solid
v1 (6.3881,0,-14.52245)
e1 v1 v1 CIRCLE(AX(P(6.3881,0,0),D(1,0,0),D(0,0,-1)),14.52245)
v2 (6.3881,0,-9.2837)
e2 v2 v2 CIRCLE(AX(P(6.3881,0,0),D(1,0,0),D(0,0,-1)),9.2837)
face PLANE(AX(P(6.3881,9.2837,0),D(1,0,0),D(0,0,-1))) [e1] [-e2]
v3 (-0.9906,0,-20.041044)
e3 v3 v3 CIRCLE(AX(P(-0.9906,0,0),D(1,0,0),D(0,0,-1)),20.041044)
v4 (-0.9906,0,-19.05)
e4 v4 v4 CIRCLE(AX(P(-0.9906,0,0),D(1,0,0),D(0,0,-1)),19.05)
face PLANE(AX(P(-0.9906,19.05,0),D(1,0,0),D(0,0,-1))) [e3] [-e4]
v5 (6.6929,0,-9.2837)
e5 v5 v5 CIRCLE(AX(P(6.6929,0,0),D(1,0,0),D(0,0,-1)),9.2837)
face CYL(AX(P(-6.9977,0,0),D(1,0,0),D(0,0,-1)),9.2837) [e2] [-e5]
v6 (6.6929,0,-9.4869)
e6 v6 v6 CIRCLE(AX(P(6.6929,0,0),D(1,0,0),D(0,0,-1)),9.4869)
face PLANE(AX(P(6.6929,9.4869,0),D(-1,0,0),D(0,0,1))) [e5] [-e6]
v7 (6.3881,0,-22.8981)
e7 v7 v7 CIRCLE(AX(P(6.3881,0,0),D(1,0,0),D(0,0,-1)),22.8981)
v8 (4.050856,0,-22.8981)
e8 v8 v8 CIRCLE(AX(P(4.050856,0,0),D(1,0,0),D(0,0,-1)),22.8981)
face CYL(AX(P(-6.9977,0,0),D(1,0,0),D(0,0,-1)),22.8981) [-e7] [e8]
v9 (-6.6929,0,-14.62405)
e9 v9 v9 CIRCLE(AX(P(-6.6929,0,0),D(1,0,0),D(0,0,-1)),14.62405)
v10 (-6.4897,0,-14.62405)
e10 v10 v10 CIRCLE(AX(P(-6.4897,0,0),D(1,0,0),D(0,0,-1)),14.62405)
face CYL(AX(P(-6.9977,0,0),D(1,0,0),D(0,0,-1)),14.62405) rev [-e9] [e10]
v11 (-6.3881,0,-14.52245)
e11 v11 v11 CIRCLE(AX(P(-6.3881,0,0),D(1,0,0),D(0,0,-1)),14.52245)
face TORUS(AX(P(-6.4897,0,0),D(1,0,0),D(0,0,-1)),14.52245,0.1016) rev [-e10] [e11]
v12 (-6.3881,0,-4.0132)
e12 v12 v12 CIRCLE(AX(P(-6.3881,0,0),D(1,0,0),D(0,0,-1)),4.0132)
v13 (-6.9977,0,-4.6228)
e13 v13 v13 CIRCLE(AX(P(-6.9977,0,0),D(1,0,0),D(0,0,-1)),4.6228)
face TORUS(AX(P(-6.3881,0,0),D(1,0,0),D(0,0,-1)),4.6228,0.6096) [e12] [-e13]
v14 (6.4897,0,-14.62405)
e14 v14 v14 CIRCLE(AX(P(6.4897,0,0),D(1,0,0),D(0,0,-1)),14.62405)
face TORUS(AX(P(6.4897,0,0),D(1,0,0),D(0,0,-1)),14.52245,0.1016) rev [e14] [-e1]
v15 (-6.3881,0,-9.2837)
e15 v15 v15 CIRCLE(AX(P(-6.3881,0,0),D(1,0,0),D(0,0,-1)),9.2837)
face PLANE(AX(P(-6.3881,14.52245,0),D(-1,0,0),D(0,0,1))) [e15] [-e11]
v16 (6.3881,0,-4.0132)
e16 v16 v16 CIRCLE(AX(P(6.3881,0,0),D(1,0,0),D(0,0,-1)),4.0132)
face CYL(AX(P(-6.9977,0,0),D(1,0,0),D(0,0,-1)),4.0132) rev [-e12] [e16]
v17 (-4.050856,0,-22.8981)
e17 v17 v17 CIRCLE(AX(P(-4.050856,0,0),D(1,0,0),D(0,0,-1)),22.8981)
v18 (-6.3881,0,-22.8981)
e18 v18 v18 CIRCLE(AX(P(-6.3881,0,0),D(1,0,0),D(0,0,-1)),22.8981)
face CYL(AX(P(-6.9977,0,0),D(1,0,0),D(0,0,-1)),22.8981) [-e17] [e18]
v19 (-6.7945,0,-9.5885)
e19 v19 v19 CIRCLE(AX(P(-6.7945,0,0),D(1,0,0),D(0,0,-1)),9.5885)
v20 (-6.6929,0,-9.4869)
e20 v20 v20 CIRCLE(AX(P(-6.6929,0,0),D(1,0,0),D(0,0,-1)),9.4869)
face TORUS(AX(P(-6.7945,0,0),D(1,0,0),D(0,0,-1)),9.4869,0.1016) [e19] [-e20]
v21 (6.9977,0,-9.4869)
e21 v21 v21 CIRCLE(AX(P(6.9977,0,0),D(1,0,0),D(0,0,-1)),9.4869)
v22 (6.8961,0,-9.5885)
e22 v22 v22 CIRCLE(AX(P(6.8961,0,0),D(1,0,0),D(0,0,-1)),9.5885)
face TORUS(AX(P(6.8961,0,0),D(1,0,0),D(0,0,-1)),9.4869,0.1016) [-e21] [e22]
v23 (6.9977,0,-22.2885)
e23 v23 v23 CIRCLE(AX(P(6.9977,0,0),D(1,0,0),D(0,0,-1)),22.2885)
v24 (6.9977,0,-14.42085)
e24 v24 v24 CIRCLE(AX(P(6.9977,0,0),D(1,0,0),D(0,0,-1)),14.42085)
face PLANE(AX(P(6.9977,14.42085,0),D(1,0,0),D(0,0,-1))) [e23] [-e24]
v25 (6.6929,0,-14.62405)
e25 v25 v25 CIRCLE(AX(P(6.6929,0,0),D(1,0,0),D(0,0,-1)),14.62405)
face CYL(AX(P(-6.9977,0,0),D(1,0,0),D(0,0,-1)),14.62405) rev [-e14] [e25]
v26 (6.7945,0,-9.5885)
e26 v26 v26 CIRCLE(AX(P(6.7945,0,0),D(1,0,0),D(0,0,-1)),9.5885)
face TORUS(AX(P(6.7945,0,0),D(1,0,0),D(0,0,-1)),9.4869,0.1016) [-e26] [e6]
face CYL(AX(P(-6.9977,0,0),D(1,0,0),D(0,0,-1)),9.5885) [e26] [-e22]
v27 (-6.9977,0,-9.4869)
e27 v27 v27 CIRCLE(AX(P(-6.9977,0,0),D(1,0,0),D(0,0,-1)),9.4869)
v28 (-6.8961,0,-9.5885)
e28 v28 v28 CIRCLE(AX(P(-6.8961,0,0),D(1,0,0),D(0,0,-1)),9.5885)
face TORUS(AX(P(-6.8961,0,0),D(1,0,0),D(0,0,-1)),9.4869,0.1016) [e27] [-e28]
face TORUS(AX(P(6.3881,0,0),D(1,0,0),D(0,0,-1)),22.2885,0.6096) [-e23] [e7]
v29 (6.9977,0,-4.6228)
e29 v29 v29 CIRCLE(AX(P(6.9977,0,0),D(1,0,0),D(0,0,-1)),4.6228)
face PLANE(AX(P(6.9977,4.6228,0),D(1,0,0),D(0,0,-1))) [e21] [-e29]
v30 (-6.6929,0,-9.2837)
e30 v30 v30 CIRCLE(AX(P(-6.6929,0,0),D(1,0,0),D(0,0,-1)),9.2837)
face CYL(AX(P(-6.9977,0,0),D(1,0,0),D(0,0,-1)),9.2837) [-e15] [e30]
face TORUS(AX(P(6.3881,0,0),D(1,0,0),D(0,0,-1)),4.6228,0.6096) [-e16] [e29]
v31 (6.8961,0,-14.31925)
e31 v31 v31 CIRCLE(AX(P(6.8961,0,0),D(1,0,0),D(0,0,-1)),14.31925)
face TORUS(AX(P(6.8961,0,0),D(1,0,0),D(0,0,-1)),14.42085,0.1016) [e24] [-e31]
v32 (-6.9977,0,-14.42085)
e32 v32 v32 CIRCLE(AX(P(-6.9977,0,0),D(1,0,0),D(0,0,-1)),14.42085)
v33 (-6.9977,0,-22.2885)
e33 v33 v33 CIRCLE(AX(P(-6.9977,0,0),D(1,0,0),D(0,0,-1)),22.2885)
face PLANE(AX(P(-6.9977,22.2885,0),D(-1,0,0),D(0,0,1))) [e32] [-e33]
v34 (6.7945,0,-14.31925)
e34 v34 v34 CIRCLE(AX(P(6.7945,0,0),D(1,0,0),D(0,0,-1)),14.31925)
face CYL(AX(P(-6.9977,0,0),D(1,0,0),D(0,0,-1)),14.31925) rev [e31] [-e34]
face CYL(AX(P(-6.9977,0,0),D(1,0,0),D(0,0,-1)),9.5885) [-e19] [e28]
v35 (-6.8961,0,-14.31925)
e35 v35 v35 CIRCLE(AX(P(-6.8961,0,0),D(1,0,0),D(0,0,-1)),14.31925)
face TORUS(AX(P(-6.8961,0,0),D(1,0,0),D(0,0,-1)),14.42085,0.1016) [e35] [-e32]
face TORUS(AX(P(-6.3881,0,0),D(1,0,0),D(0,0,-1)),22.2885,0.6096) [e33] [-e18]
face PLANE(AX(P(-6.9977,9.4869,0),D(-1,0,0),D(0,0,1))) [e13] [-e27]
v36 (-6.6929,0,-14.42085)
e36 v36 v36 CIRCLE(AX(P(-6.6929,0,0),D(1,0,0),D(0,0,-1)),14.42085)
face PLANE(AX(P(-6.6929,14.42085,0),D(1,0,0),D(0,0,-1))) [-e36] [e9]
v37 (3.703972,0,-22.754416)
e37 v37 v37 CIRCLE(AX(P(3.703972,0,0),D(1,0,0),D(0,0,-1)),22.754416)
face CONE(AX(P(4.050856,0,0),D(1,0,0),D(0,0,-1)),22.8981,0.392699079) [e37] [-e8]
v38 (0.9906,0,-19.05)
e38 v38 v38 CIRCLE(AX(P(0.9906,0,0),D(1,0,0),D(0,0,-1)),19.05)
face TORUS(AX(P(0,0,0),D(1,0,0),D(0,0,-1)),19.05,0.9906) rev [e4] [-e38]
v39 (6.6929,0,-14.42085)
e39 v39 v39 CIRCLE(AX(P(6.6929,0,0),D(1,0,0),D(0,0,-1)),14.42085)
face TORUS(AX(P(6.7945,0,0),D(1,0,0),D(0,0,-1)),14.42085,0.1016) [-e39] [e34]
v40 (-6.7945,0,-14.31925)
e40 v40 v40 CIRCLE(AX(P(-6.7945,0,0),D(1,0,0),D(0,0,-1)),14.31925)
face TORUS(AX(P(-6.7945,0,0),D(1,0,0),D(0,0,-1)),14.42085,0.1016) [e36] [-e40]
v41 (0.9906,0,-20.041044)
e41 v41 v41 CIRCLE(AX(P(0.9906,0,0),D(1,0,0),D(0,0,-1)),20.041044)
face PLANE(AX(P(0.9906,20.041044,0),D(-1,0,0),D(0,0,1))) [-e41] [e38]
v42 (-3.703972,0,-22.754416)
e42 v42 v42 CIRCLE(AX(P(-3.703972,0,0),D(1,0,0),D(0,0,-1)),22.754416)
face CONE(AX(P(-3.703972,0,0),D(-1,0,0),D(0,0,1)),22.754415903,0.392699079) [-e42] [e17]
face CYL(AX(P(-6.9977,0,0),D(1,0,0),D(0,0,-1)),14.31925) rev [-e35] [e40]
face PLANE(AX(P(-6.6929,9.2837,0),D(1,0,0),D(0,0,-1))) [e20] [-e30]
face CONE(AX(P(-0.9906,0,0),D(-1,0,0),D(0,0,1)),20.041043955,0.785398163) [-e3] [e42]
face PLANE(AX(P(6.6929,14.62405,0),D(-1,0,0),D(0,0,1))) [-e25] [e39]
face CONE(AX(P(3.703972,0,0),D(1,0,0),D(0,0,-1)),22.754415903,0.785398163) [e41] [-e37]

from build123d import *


with BuildPart() as part:
    # Sketch1 → Revolve1 (revolve)
    with BuildSketch(Plane.XY, mode=Mode.PRIVATE) as revolve1_sk:
        with BuildLine():
            Line((-6.9977, 9.4869), (-6.9977, 4.6228))
            ThreePointArc((-6.9977, 4.6228), (-6.819152294, 4.191747706), (-6.3881, 4.0132))
            Line((-6.3881, 4.0132), (6.3881, 4.0132))
            ThreePointArc((6.3881, 4.0132), (6.819152294, 4.191747706), (6.9977, 4.6228))
            Line((6.9977, 4.6228), (6.9977, 9.4869))
            ThreePointArc((6.9977, 9.4869), (6.967942049, 9.558742049), (6.8961, 9.5885))
            Line((6.8961, 9.5885), (6.7945, 9.5885))
            ThreePointArc((6.7945, 9.5885), (6.722657951, 9.558742049), (6.6929, 9.4869))
            Line((6.6929, 9.4869), (6.6929, 9.2837))
            Line((6.6929, 9.2837), (6.3881, 9.2837))
            Line((6.3881, 9.2837), (6.3881, 14.52245))
            ThreePointArc((6.3881, 14.52245), (6.417857951, 14.594292049), (6.4897, 14.62405))
            Line((6.4897, 14.62405), (6.6929, 14.62405))
            Line((6.6929, 14.62405), (6.6929, 14.42085))
            ThreePointArc((6.6929, 14.42085), (6.722657951, 14.349007951), (6.7945, 14.31925))
            Line((6.7945, 14.31925), (6.8961, 14.31925))
            ThreePointArc((6.8961, 14.31925), (6.967942049, 14.349007951), (6.9977, 14.42085))
            Line((6.9977, 14.42085), (6.9977, 22.2885))
            ThreePointArc((6.9977, 22.2885), (6.819152294, 22.719552294), (6.3881, 22.8981))
            Line((6.3881, 22.8981), (4.050856045, 22.8981))
            Line((4.050856045, 22.8981), (3.703971947, 22.754415903))
            Line((3.703971947, 22.754415903), (0.990599999, 20.041043955))
            Line((0.990599999, 20.041043955), (0.990599999, 19.050000001))
            ThreePointArc((0.990599999, 19.050000001), (0, 18.059400002), (-0.990599999, 19.050000001))
            Line((-0.990599999, 19.050000001), (-0.990599999, 20.041043955))
            Line((-0.990599999, 20.041043955), (-3.703971947, 22.754415903))
            Line((-3.703971947, 22.754415903), (-4.050856045, 22.8981))
            Line((-4.050856045, 22.8981), (-6.3881, 22.8981))
            ThreePointArc((-6.3881, 22.8981), (-6.819152294, 22.719552294), (-6.9977, 22.2885))
            Line((-6.9977, 22.2885), (-6.9977, 14.42085))
            ThreePointArc((-6.9977, 14.42085), (-6.967942049, 14.349007951), (-6.8961, 14.31925))
            Line((-6.8961, 14.31925), (-6.7945, 14.31925))
            ThreePointArc((-6.7945, 14.31925), (-6.722657951, 14.349007951), (-6.6929, 14.42085))
            Line((-6.6929, 14.42085), (-6.6929, 14.62405))
            Line((-6.6929, 14.62405), (-6.4897, 14.62405))
            ThreePointArc((-6.4897, 14.62405), (-6.417857951, 14.594292049), (-6.3881, 14.52245))
            Line((-6.3881, 14.52245), (-6.3881, 9.2837))
            Line((-6.3881, 9.2837), (-6.6929, 9.2837))
            Line((-6.6929, 9.2837), (-6.6929, 9.4869))
            ThreePointArc((-6.6929, 9.4869), (-6.722657951, 9.558742049), (-6.7945, 9.5885))
            Line((-6.7945, 9.5885), (-6.8961, 9.5885))
            ThreePointArc((-6.8961, 9.5885), (-6.967942049, 9.558742049), (-6.9977, 9.4869))
        make_face()
    revolve(revolve1_sk.sketch.rotate(Axis((-6.9977, 0, 0), (1, 0, 0)), 270), axis=Axis((-6.9977, 0, 0), (1, 0, 0)))


solid = part.part
